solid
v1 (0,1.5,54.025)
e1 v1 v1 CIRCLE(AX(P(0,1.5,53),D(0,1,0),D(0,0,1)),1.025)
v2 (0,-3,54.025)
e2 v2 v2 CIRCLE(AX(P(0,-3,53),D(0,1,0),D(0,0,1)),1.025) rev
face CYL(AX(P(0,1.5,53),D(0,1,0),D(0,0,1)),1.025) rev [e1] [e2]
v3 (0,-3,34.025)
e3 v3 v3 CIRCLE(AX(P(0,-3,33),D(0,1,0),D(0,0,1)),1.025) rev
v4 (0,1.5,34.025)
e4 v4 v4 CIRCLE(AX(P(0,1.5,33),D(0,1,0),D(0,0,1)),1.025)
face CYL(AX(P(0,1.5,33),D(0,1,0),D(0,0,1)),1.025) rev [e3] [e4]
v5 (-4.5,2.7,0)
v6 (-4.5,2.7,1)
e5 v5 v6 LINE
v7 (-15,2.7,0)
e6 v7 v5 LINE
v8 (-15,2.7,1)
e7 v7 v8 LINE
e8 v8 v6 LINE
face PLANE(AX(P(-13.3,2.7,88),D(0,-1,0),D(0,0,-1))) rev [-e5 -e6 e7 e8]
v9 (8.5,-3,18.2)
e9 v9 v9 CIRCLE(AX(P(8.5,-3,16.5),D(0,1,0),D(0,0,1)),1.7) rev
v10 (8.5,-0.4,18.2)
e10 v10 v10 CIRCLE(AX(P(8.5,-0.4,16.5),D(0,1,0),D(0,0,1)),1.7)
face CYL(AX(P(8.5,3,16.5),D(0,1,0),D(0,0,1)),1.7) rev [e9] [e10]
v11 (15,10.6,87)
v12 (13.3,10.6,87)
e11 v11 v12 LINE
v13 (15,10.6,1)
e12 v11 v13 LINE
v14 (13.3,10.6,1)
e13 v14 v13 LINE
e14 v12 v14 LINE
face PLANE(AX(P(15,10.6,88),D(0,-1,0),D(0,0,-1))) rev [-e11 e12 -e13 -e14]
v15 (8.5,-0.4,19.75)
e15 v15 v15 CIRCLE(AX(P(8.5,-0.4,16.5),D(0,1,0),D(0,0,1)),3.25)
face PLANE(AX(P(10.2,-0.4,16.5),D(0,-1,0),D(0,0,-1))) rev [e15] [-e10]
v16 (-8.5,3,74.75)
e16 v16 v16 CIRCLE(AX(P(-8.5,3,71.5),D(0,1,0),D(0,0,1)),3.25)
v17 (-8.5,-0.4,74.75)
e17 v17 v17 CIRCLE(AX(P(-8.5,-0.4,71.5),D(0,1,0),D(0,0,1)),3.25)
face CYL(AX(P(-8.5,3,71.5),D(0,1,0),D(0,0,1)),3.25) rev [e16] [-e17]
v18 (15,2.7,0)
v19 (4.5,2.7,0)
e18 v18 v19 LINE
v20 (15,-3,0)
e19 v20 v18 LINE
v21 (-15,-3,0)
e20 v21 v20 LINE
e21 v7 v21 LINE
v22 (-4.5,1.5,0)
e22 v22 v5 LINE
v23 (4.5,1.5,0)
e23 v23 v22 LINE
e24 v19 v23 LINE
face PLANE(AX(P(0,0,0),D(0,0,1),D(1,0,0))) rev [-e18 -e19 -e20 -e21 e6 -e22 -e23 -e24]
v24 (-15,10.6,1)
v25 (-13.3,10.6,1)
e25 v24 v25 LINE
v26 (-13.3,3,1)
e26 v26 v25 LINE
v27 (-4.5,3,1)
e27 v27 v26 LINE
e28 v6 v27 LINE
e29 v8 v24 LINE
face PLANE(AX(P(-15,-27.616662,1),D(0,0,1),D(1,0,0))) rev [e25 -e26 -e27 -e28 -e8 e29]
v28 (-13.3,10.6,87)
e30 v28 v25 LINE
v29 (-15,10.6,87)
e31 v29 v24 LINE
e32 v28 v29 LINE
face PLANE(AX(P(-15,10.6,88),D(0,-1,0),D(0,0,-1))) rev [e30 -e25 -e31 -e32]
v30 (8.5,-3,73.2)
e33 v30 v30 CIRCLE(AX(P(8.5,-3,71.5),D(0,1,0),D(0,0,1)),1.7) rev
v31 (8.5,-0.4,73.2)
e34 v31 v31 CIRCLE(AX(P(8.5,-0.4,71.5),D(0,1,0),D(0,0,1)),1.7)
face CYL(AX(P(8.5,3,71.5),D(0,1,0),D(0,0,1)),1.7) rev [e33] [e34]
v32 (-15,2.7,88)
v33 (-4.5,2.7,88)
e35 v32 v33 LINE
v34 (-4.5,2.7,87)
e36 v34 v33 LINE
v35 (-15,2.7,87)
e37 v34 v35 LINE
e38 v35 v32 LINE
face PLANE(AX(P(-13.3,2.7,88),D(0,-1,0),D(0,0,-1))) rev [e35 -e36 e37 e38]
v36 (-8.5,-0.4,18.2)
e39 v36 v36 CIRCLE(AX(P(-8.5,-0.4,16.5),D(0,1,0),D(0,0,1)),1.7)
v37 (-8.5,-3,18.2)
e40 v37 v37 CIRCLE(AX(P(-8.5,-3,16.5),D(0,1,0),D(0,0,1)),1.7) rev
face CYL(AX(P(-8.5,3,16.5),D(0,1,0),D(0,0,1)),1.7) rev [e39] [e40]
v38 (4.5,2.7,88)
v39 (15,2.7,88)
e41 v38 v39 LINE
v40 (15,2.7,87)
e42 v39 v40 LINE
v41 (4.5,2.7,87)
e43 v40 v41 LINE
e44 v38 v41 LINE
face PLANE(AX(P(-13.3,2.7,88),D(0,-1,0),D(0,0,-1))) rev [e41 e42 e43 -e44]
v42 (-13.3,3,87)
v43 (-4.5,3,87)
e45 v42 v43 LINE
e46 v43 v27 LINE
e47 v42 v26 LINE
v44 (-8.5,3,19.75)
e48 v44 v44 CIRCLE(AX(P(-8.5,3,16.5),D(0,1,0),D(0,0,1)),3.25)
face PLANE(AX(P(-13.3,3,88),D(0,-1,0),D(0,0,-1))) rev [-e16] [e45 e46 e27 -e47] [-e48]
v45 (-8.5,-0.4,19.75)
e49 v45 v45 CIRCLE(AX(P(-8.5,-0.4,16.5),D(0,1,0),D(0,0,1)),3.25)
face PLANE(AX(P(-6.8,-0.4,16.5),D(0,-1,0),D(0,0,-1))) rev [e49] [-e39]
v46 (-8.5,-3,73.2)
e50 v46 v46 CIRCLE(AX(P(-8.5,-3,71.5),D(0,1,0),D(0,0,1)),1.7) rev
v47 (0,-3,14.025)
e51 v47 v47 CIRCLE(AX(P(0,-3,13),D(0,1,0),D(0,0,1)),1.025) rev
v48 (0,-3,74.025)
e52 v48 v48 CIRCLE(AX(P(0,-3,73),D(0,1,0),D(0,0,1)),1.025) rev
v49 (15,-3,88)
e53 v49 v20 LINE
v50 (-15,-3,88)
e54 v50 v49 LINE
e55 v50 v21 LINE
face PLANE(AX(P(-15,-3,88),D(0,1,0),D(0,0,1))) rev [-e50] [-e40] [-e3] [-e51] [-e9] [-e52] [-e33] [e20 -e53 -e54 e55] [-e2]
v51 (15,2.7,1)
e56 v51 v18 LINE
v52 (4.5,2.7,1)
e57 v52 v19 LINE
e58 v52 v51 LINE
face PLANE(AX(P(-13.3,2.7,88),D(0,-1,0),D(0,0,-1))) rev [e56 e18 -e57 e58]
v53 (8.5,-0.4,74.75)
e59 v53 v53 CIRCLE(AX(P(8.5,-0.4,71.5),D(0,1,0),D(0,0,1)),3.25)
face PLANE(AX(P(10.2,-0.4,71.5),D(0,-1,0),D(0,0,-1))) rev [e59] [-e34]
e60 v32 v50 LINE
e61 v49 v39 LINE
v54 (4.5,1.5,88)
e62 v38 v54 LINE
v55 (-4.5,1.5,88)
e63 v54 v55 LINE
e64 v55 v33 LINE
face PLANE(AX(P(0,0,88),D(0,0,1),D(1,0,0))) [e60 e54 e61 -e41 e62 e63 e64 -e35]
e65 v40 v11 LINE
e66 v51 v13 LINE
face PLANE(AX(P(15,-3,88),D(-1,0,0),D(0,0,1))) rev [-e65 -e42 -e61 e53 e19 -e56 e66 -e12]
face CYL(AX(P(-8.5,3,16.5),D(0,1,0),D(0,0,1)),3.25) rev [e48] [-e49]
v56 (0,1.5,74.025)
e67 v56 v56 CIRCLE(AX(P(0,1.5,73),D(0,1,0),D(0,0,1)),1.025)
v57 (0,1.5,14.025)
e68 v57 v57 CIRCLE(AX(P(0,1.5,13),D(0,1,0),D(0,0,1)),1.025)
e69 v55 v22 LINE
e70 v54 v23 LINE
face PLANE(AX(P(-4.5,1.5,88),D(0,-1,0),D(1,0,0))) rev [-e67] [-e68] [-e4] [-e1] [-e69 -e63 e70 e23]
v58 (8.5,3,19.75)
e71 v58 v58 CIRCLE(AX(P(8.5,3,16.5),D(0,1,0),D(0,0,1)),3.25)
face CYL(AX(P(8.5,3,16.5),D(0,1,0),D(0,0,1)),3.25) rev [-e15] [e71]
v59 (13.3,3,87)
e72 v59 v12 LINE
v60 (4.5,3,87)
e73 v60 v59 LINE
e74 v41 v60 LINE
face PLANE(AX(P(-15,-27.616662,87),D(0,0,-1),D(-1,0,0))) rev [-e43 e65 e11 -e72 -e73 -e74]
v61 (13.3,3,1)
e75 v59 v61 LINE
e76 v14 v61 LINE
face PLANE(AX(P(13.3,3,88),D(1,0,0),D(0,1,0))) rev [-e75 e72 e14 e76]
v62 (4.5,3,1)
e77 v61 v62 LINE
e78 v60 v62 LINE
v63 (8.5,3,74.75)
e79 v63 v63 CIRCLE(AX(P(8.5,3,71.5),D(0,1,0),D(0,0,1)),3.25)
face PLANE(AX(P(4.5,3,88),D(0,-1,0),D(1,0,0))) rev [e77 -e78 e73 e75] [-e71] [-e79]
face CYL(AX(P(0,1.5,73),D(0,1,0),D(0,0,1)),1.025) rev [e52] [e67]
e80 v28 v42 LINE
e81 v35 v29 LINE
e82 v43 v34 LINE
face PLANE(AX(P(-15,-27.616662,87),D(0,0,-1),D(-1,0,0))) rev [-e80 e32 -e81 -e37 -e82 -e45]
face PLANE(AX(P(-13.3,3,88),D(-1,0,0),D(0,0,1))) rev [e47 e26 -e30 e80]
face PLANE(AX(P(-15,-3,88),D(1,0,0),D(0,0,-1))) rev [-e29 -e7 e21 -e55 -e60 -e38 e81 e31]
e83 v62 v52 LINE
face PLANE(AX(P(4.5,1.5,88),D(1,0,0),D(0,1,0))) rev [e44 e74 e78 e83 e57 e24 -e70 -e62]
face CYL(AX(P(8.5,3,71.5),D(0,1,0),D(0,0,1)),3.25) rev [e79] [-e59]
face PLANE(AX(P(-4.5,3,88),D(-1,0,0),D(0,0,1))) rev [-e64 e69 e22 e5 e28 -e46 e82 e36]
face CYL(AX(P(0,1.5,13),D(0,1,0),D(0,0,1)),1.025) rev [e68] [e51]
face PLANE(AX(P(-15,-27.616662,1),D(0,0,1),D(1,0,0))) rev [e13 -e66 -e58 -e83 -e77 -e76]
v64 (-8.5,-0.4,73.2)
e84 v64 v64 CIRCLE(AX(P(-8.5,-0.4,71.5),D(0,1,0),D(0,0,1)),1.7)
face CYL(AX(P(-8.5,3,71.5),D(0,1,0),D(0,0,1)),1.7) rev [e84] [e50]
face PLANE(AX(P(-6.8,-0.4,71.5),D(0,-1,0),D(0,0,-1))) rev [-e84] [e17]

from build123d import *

# Parameters (mm, degrees)
BODY_DEPTH             = 88
SKETCH_2_W             = 30
SKETCH_2_H             = 1
CUT1_DEPTH             = 7.9
FIXTURE_M3_D           = 3.4
FIXTURE_M3_DEPTH       = 6
FIXTURE_M3_CBORE_D     = 6.5
FIXTURE_M3_CBORE_DEPTH = 3.4
FIXTURE_M3_TIP         = 1.021463052
PATTERN_LINEAR_1_COUNT = 4
PATTERN_LINEAR_1_PITCH = 20


with BuildPart() as part:
    # Эскиз1 → Body (new body)
    with BuildSketch(Plane.XY):
        Polygon((-15, -3), (15, -3), (15, 3), (15, 10.6), (13.3, 10.6), (13.3, 3), (4.5, 3), (4.5, 1.5), (-4.5, 1.5), (-4.5, 3), (-13.3, 3), (-13.3, 10.6), (-15, 10.6), (-15, 3), align=None)
    extrude(amount=BODY_DEPTH)

    # Эскиз2 → Cut1 (cut)
    with BuildSketch(Plane(origin=(0, 10.6, 0), x_dir=(1, 0, 0), z_dir=(0, 1, 0))):
        with Locations((0, -87.5)):
            Rectangle(SKETCH_2_W, SKETCH_2_H)
        with Locations((0, -0.5)):
            Rectangle(SKETCH_2_W, SKETCH_2_H)
    extrude(amount=-CUT1_DEPTH, mode=Mode.SUBTRACT)

    # Fixture M3
    with Locations(Plane(origin=(-8.5, 3, 71.5), x_dir=(1, 0, 0), z_dir=(0, 1, 0))):
        with Locations((0, 0), (17, 0), (17, 55), (0, 55)):
            CounterBoreHole(FIXTURE_M3_D / 2, FIXTURE_M3_CBORE_D / 2, FIXTURE_M3_CBORE_DEPTH, depth=FIXTURE_M3_DEPTH)
            with Locations((0, 0, -(FIXTURE_M3_DEPTH + FIXTURE_M3_TIP / 2))):  # 118° drill point
                Cone(0, FIXTURE_M3_D / 2, FIXTURE_M3_TIP, mode=Mode.SUBTRACT)

    # Эскиз7 → Fixture M2 (revolve, cut)
    with BuildSketch(Plane(origin=(0, 1.5, 73), x_dir=(0, 0, 1), z_dir=(1, 0, 0))):
        Polygon((0, 0), (0, 5.115882135), (1.025, 4.5), (1.025, 0), align=None)
    fixture_m2 = revolve(axis=Axis((0, 7.85, 73), (0, -1, 0)), mode=Mode.SUBTRACT)

    # Линейный массив1: Fixture M2 ×4
    with Locations(*[(0, 0, -i * PATTERN_LINEAR_1_PITCH) for i in range(1, PATTERN_LINEAR_1_COUNT)]):
        add(fixture_m2, mode=Mode.SUBTRACT)


solid = part.part
